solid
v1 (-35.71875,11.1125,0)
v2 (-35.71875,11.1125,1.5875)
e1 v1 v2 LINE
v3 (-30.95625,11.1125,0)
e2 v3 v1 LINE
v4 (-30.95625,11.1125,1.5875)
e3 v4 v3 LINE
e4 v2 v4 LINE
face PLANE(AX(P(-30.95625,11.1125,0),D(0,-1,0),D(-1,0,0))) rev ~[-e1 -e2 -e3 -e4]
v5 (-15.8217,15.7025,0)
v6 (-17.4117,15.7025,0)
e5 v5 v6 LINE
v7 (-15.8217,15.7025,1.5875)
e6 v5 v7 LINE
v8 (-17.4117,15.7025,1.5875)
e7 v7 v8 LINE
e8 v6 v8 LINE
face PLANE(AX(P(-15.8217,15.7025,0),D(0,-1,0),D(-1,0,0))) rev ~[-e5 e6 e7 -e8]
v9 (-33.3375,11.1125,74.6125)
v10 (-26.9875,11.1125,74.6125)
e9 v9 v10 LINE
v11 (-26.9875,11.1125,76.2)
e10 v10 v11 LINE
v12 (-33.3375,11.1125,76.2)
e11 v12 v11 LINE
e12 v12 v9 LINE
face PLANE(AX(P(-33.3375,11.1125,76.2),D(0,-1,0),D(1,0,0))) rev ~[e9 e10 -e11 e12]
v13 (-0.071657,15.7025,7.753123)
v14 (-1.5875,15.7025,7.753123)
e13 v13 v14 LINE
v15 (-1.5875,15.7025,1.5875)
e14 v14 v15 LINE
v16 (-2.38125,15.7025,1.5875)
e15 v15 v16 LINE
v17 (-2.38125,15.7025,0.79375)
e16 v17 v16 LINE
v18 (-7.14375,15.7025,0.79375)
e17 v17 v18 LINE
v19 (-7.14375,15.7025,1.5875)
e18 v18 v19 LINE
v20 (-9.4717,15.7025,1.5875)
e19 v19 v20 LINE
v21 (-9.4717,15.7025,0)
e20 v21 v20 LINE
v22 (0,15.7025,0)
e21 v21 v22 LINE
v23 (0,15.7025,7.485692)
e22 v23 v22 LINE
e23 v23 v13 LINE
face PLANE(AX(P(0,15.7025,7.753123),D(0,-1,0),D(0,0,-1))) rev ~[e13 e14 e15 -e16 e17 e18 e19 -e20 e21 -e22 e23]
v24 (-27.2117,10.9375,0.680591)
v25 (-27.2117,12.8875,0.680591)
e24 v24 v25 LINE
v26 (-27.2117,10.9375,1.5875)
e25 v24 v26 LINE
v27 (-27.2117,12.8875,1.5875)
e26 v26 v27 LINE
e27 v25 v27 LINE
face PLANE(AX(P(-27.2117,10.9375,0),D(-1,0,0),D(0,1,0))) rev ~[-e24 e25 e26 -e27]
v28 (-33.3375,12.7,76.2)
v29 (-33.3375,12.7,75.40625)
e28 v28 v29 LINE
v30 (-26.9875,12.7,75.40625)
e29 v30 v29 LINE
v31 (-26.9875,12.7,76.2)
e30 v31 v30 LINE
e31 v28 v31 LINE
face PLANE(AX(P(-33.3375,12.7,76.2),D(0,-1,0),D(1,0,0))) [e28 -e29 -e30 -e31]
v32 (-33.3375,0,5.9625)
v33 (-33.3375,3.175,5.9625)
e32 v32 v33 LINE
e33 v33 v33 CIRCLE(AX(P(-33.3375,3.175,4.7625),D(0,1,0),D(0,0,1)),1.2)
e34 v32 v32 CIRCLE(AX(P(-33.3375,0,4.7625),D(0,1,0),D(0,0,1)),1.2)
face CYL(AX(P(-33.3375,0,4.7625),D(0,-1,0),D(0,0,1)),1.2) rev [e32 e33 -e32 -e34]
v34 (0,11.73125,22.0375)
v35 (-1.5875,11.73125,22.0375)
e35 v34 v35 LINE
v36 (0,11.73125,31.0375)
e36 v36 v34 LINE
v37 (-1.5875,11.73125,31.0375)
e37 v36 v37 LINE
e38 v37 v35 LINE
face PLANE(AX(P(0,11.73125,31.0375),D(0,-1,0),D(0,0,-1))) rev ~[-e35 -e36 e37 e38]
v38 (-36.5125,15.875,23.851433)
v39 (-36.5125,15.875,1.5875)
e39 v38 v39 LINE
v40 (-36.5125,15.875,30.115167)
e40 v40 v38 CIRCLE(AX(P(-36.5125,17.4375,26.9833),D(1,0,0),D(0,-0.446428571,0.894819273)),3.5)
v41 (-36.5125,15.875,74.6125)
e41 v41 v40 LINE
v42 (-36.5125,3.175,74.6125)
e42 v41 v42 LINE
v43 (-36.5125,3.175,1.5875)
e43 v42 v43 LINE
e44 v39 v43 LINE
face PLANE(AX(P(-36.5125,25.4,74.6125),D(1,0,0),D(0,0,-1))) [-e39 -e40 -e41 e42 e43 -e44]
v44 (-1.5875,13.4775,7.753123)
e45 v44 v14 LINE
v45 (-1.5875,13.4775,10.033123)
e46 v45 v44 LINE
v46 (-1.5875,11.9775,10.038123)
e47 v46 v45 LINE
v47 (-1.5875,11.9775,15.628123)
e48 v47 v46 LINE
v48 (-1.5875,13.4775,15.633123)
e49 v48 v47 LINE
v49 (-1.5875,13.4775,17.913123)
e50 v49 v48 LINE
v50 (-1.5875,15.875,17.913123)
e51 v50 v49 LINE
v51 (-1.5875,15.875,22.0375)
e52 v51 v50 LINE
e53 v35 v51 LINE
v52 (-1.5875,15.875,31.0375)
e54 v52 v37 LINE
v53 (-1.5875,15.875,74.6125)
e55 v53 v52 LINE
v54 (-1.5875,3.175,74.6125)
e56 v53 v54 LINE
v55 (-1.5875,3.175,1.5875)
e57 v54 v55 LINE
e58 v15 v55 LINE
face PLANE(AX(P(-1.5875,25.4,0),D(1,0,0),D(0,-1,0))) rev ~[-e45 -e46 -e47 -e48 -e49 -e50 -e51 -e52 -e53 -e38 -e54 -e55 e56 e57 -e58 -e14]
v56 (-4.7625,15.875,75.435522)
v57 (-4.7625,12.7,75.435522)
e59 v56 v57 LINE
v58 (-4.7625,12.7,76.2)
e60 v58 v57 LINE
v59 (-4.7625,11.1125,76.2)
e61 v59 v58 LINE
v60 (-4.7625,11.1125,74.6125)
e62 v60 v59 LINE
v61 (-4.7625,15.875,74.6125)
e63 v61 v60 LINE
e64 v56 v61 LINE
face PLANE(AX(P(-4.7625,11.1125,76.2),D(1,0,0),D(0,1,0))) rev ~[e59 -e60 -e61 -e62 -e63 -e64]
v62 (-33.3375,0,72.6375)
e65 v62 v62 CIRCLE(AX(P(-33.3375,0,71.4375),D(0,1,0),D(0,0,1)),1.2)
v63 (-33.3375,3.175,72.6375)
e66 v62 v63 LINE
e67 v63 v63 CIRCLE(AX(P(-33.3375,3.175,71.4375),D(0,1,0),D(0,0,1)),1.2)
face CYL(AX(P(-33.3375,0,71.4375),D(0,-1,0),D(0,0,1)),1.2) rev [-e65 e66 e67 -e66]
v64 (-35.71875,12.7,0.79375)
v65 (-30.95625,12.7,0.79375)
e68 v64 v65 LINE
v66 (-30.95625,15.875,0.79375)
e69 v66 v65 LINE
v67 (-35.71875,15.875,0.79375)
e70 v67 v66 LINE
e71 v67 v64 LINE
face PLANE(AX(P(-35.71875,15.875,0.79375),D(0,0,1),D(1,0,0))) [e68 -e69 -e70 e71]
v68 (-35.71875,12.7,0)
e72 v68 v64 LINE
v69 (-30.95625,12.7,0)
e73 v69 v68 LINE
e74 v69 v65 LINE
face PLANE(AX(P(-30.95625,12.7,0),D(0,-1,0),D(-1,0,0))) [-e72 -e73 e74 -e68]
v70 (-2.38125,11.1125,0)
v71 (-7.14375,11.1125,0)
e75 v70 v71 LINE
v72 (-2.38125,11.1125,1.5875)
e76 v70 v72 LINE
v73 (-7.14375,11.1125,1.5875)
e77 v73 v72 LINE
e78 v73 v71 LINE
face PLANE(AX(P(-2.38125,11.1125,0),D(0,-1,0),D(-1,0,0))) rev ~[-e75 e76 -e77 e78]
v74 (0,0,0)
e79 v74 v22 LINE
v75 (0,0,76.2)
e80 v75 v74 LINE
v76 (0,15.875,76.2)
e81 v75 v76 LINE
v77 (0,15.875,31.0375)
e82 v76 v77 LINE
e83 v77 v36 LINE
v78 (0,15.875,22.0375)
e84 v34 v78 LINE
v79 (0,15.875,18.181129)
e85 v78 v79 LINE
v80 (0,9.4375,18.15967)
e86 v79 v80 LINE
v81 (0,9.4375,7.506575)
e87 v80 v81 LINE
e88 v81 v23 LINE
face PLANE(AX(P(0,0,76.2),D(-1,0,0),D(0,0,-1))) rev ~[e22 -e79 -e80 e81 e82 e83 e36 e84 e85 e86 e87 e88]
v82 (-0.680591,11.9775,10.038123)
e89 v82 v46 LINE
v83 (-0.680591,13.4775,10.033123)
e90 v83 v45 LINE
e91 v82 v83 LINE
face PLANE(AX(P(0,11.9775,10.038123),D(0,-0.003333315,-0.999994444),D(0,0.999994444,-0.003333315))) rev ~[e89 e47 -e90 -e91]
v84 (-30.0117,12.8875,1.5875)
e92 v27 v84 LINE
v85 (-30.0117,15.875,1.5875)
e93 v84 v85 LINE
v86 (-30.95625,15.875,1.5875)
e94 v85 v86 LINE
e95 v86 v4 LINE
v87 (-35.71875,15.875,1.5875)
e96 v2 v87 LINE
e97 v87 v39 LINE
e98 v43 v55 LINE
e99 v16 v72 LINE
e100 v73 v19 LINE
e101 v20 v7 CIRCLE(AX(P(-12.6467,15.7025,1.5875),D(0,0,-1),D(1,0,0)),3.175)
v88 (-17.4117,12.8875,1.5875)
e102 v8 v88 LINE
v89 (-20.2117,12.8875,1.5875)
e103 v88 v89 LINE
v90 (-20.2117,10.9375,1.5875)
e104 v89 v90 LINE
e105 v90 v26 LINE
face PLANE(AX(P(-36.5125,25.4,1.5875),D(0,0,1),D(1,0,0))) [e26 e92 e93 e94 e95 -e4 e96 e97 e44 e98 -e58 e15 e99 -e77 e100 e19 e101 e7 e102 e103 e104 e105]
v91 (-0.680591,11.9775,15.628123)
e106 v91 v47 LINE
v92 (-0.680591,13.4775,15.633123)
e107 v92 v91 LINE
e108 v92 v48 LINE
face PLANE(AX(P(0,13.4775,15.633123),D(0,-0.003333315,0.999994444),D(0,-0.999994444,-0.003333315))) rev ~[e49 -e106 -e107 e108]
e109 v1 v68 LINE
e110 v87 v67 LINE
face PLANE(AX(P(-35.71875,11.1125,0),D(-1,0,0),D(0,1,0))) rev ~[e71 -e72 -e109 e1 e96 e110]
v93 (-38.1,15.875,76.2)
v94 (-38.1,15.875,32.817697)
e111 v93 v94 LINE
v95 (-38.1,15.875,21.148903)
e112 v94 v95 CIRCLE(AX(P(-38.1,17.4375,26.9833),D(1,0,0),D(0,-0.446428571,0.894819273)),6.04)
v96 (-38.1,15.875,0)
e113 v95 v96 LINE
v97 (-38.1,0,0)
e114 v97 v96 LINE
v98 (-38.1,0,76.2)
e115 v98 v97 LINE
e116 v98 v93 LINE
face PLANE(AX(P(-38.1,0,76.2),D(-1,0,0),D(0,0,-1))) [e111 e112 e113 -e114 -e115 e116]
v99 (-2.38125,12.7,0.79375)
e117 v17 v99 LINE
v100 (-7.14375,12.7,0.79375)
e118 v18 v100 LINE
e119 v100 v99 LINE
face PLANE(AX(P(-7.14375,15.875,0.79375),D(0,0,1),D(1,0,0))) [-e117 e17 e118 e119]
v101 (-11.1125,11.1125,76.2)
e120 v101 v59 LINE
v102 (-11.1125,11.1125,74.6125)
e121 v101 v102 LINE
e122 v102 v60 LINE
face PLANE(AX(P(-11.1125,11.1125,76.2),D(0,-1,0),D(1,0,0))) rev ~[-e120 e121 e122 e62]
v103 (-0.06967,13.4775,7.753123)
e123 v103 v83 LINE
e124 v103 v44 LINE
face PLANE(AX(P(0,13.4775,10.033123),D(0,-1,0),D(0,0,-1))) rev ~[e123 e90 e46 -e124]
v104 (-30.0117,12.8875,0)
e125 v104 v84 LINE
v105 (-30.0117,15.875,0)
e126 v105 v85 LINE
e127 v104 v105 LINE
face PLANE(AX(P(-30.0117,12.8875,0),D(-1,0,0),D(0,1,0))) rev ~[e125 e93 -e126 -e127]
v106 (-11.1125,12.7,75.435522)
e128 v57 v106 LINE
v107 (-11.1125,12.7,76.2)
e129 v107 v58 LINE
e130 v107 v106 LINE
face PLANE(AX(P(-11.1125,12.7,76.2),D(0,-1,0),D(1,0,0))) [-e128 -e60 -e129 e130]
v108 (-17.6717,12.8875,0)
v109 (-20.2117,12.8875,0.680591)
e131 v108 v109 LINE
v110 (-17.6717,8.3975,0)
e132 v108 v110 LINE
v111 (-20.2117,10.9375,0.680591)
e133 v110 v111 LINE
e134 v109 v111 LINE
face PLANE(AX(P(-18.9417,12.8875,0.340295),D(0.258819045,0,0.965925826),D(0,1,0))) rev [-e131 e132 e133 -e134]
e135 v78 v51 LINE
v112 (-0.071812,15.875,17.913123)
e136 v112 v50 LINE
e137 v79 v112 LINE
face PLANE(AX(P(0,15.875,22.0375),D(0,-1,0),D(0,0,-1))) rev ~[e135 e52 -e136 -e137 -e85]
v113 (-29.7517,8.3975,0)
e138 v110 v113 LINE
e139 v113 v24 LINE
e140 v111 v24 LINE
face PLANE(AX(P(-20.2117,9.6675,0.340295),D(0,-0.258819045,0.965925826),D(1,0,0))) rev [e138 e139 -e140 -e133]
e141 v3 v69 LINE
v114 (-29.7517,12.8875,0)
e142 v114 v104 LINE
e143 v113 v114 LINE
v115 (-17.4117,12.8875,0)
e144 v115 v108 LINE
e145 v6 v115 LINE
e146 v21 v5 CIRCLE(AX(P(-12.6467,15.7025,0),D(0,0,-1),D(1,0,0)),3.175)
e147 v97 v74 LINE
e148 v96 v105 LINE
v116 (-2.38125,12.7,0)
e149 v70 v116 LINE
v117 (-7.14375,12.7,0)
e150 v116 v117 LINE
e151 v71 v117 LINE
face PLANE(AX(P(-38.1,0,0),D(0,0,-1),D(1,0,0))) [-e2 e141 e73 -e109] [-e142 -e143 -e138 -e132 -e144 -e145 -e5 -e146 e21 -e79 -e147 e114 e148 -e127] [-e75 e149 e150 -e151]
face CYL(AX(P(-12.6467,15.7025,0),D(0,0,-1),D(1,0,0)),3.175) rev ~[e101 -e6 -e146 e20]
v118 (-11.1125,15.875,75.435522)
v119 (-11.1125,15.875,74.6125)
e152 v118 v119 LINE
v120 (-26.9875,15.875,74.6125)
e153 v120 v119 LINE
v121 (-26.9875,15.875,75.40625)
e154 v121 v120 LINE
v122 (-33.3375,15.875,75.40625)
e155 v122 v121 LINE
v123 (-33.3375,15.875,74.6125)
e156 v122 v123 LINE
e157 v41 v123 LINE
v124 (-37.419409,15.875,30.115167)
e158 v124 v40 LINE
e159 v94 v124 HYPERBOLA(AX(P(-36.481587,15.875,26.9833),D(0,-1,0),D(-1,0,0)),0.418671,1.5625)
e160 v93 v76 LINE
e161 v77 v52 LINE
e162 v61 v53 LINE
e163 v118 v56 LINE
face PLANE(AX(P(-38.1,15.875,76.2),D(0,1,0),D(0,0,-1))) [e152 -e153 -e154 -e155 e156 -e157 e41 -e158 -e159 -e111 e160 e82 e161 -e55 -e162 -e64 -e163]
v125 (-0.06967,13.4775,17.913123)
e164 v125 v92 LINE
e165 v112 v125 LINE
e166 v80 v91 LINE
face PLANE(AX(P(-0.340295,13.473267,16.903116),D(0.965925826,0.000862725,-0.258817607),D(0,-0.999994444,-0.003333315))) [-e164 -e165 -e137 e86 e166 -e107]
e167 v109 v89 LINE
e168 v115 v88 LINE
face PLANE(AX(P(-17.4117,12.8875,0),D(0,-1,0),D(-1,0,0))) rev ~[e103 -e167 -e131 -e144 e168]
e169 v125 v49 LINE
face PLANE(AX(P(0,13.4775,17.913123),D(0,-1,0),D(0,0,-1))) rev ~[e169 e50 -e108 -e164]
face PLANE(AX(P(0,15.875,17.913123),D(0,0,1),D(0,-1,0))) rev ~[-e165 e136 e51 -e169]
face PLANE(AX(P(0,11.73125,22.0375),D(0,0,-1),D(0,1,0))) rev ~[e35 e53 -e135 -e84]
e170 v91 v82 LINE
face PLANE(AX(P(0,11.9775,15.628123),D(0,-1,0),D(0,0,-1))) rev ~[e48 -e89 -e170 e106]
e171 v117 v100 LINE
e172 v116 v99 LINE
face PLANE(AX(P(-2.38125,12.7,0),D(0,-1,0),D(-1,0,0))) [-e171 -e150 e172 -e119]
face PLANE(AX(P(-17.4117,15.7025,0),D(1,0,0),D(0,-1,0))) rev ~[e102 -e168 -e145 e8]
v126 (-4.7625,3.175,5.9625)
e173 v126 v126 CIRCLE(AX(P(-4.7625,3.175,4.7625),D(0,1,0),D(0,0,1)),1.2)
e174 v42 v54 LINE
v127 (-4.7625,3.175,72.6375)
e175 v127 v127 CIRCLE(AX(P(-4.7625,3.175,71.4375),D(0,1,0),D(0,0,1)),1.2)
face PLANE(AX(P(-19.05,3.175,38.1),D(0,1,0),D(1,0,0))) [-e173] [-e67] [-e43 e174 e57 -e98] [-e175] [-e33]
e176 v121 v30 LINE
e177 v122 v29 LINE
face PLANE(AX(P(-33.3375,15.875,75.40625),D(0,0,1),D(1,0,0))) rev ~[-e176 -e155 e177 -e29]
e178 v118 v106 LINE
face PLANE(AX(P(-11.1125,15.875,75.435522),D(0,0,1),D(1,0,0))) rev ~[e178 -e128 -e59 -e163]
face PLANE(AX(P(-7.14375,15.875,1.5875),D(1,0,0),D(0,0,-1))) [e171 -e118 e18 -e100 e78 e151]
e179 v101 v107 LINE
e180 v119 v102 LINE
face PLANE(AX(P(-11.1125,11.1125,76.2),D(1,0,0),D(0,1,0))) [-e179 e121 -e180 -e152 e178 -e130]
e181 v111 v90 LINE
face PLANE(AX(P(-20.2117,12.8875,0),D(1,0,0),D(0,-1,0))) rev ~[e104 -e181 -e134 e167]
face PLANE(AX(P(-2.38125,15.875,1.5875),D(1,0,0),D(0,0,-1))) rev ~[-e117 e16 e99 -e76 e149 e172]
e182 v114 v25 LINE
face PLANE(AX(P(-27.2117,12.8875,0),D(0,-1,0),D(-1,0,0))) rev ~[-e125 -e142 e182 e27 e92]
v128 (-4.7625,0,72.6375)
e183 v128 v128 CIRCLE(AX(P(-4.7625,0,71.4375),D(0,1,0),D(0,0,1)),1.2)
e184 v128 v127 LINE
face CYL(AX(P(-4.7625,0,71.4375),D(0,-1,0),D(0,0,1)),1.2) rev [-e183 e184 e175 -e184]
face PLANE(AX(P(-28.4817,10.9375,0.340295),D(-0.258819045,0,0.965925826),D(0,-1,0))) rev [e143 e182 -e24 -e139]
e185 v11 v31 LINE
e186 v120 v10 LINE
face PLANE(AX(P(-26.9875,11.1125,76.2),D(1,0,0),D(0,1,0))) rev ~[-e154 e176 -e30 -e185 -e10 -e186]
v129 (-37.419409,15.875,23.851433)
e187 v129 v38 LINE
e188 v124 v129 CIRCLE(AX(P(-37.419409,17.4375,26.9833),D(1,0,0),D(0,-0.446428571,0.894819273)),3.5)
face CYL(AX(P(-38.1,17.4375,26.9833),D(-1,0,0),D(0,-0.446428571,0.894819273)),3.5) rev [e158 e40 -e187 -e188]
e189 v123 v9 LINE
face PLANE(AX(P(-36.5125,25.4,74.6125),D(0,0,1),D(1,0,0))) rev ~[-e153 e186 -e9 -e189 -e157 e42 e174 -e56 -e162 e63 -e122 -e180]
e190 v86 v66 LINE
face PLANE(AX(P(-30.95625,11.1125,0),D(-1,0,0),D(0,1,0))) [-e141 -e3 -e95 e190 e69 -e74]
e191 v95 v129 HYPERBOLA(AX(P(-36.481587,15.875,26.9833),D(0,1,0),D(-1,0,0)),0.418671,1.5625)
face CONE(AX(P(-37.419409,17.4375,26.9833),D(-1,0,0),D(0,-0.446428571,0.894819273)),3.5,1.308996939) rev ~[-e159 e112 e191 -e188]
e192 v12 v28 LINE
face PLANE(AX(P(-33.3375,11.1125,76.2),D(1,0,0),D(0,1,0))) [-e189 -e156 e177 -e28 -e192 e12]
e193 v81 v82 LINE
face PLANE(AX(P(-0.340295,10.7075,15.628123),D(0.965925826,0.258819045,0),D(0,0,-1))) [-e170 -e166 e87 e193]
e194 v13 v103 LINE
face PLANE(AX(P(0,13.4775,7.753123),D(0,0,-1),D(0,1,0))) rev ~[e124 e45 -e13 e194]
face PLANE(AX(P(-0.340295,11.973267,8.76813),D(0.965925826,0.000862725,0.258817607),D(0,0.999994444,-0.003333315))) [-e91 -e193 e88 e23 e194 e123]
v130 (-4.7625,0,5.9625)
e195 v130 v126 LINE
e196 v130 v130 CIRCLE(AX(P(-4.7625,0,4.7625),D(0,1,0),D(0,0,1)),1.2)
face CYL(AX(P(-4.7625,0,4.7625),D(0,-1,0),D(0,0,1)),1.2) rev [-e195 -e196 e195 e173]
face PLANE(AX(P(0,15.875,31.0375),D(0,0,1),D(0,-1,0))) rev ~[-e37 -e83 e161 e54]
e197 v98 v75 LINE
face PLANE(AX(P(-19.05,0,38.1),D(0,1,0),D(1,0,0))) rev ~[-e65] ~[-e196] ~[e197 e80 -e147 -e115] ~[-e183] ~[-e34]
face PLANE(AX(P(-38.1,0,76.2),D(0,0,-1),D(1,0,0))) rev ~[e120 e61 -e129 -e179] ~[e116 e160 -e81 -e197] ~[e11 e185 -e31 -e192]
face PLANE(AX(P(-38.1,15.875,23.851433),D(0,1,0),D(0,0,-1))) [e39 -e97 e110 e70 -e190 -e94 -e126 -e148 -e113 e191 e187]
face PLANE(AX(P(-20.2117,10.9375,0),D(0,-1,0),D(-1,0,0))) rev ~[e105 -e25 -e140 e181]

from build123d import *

# Parameters (mm, degrees)
SKETCH1_W           = 38.1
SKETCH1_H           = 76.2
BOSS_EXTRUDE1_DEPTH = 25.4
SKETCH2_R           = 1.2
CUT_EXTRUDE1_DEPTH  = 3.175
SKETCH4_W           = 34.925
SKETCH4_H           = 73.025
CUT_EXTRUDE2_DEPTH  = 22.225
CUT_EXTRUDE3_DEPTH  = 1.5875
CUT_EXTRUDE4_DEPTH  = 1.5875
SKETCH7_W           = 34.925
SKETCH7_H           = 9.525
CUT_EXTRUDE5_DEPTH  = 1.5875
CUT_EXTRUDE6_DEPTH  = 1.5875
CHAMFER1_SIZE       = 2.54
CHAMFER1_SIZE2      = 0.680590949
CHAMFER3_SIZE       = 2.54
CHAMFER3_SIZE2      = 0.680590949
CHAMFER4_SIZE       = 2.54
CHAMFER4_SIZE2      = 0.680590949
SKETCH10_W          = 6.35
SKETCH10_H          = 0.79375
SKETCH10_W_2        = 4.7625
SKETCH10_H_2        = 0.823022406
CUT_EXTRUDE7_DEPTH  = 4.7625
CUT_EXTRUDE8_REACH  = 88.661
SKETCH11_W          = 6.35
SKETCH11_H          = 1.5875
SKETCH14_W          = 4.7625
SKETCH14_H          = 1.5875
CUT_EXTRUDE9_DEPTH  = 1.5875


with BuildPart() as part:
    # Sketch1 → Boss-Extrude1 (new body)
    with BuildSketch(Plane(origin=(0, 0, 0), x_dir=(1, 0, 0), z_dir=(0, 1, 0))):
        with Locations((-19.05, -38.1)):
            Rectangle(SKETCH1_W, SKETCH1_H)
    extrude(amount=BOSS_EXTRUDE1_DEPTH)

    # Sketch2 → Cut-Extrude1 (cut)
    with BuildSketch(Plane(origin=(0, 0, 0), x_dir=(1, 0, 0), z_dir=(0, 1, 0))):
        with Locations(Location((-33.3375, -4.7625, 0), (0, 0, 270))):
            Circle(SKETCH2_R)
        with Locations(Location((-4.7625, -4.7625, 0), (0, 0, 270))):
            Circle(SKETCH2_R)
        with Locations(Location((-33.3375, -71.4375, 0), (0, 0, 270))):
            Circle(SKETCH2_R)
        with Locations(Location((-4.7625, -71.4375, 0), (0, 0, 270))):
            Circle(SKETCH2_R)
    extrude(amount=CUT_EXTRUDE1_DEPTH, mode=Mode.SUBTRACT)

    # Sketch4 → Cut-Extrude2 (cut)
    with BuildSketch(Plane(origin=(0, 25.4, 0), x_dir=(1, 0, 0), z_dir=(0, 1, 0))):
        with Locations((-19.05, -38.1)):
            Rectangle(SKETCH4_W, SKETCH4_H)
    extrude(amount=-CUT_EXTRUDE2_DEPTH, mode=Mode.SUBTRACT)

    # Sketch5 → Cut-Extrude3 (cut)
    with BuildSketch(Plane.ZY.offset(38.1)):
        with BuildLine():
            Line((76.2, 15.875), (30.115167454, 15.875))
            ThreePointArc((30.115167454, 15.875), (26.9833, 13.9375), (23.851432546, 15.875))
            Line((23.851432546, 15.875), (0, 15.875))
            Line((0, 15.875), (0, 25.4))
            Line((0, 25.4), (76.2, 25.4))
            Line((76.2, 25.4), (76.2, 15.875))
        make_face()
    extrude(amount=-CUT_EXTRUDE3_DEPTH, mode=Mode.SUBTRACT)

    # Sketch6 → Cut-Extrude4 (cut)
    with BuildSketch(Plane(origin=(0, 0, 0), x_dir=(-1, 0, 0), z_dir=(0, 0, -1))):
        with BuildLine():
            Line((30.0117, 12.8875), (30.0117, 15.875))
            Line((30.0117, 15.875), (36.5125, 15.875))
            Line((36.5125, 15.875), (36.5125, 25.4))
            Line((36.5125, 25.4), (1.5875, 25.4))
            Line((1.5875, 25.4), (1.5875, 15.7025))
            Line((1.5875, 15.7025), (9.4717, 15.7025))
            ThreePointArc((9.4717, 15.7025), (12.6467, 12.5275), (15.8217, 15.7025))
            Line((15.8217, 15.7025), (17.4117, 15.7025))
            Line((17.4117, 15.7025), (17.4117, 12.8875))
            Line((17.4117, 12.8875), (20.2117, 12.8875))
            Line((20.2117, 12.8875), (20.2117, 10.9375))
            Line((20.2117, 10.9375), (27.2117, 10.9375))
            Line((27.2117, 10.9375), (27.2117, 12.8875))
            Line((27.2117, 12.8875), (30.0117, 12.8875))
        make_face()
    extrude(amount=-CUT_EXTRUDE4_DEPTH, mode=Mode.SUBTRACT)

    # Sketch7 → Cut-Extrude5 (cut)
    with BuildSketch(Plane.XY.offset(76.2)):
        with Locations((-19.05, 20.6375)):
            Rectangle(SKETCH7_W, SKETCH7_H)
    extrude(amount=-CUT_EXTRUDE5_DEPTH, mode=Mode.SUBTRACT)

    # Sketch8 → Cut-Extrude6 (cut)
    with BuildSketch(Plane(origin=(0, 0, 0), x_dir=(0, 0, -1), z_dir=(1, 0, 0))):
        Polygon((-76.2, 25.4), (-76.2, 15.875), (-31.0375, 15.875), (-31.0375, 11.73125), (-22.0375, 11.73125), (-22.0375, 15.875), (-17.913122854, 15.875), (-17.913122854, 13.4775), (-15.633122854, 13.4775), (-15.628122854, 11.9775), (-10.038122854, 11.9775), (-10.033122854, 13.4775), (-7.753122854, 13.4775), (-7.753122854, 15.7025), (0, 15.7025), (0, 15.875), (0, 25.4), align=None)
    extrude(amount=-CUT_EXTRUDE6_DEPTH, mode=Mode.SUBTRACT)

    # Chamfer1
    chamfer1_edges = [part.edges().sort_by_distance(p)[0] for p in [
        (-38.1, 13.9375, 26.9833),
    ]]
    chamfer1_side = [part.faces().sort_by_distance(p)[0] for p in [
        (-38.1, 7.88589412, 38.18034211),
    ]]
    chamfer(chamfer1_edges, length=CHAMFER1_SIZE, length2=CHAMFER1_SIZE2, reference=chamfer1_side[0])

    # Chamfer3
    chamfer3_edges = [part.edges().sort_by_distance(p)[0] for p in [
        (-20.2117, 11.9125, 0),
        (-23.7117, 10.9375, 0),
        (-27.2117, 11.9125, 0),
    ]]
    chamfer3_side = [part.faces().sort_by_distance(p)[0] for p in [
        (-18.850549312, 7.148250007, 0),
    ]]
    chamfer(chamfer3_edges, length=CHAMFER3_SIZE, length2=CHAMFER3_SIZE2, reference=chamfer3_side[0])

    # Chamfer4
    chamfer4_edges = [part.edges().sort_by_distance(p)[0] for p in [
        (0, 12.7275, 10.035622854),
        (0, 12.7275, 15.630622854),
        (0, 11.9775, 12.833122854),
    ]]
    chamfer4_side = [part.faces().sort_by_distance(p)[0] for p in [
        (0, 7.556578666, 39.246012672),
    ]]
    chamfer(chamfer4_edges, length=CHAMFER4_SIZE, length2=CHAMFER4_SIZE2, reference=chamfer4_side[0])

    # Sketch10 → Cut-Extrude7 (cut)
    with BuildSketch(Plane(origin=(0, 15.875, 0), x_dir=(1, 0, 0), z_dir=(0, 1, 0))):
        with Locations((-30.1625, -75.009375)):
            Rectangle(SKETCH10_W, SKETCH10_H)
        with Locations((-33.3375, -1.190625)):
            Rectangle(SKETCH10_W_2, SKETCH10_H)
        with Locations((-4.7625, -1.190625)):
            Rectangle(SKETCH10_W_2, SKETCH10_H)
        with Locations((-7.9375, -75.024011203)):
            Rectangle(SKETCH10_W, SKETCH10_H_2)
    extrude(amount=-CUT_EXTRUDE7_DEPTH, mode=Mode.SUBTRACT)

    # Sketch11 → Cut-Extrude8 (cut, up to next)
    with BuildSketch(Plane.XY.offset(76.2), mode=Mode.PRIVATE) as cut_extrude8_sk1:
        with Locations((-30.1625, 11.90625)):
            Rectangle(SKETCH11_W, SKETCH11_H)
    cut_extrude8_tool1 = extrude(cut_extrude8_sk1.sketch, amount=-CUT_EXTRUDE8_REACH, mode=Mode.PRIVATE) & part.part
    # Sketch11 → Cut-Extrude8 (cut, up to next)
    with BuildSketch(Plane.XY.offset(76.2), mode=Mode.PRIVATE) as cut_extrude8_sk2:
        with Locations((-7.9375, 11.90625)):
            Rectangle(SKETCH11_W, SKETCH11_H)
    cut_extrude8_tool2 = extrude(cut_extrude8_sk2.sketch, amount=-CUT_EXTRUDE8_REACH, mode=Mode.PRIVATE) & part.part
    add(cut_extrude8_tool1.solids().sort_by_distance((-30.1625, 11.90625, 76.2))[0], mode=Mode.SUBTRACT)
    add(cut_extrude8_tool2.solids().sort_by_distance((-7.9375, 11.90625, 76.2))[0], mode=Mode.SUBTRACT)

    # Sketch14 → Cut-Extrude9 (cut)
    with BuildSketch(Plane(origin=(0, 0, 0), x_dir=(-1, 0, 0), z_dir=(0, 0, -1))):
        with Locations((33.3375, 11.90625)):
            Rectangle(SKETCH14_W, SKETCH14_H)
        with Locations((4.7625, 11.90625)):
            Rectangle(SKETCH14_W, SKETCH14_H)
    extrude(amount=-CUT_EXTRUDE9_DEPTH, mode=Mode.SUBTRACT)


solid = part.part
